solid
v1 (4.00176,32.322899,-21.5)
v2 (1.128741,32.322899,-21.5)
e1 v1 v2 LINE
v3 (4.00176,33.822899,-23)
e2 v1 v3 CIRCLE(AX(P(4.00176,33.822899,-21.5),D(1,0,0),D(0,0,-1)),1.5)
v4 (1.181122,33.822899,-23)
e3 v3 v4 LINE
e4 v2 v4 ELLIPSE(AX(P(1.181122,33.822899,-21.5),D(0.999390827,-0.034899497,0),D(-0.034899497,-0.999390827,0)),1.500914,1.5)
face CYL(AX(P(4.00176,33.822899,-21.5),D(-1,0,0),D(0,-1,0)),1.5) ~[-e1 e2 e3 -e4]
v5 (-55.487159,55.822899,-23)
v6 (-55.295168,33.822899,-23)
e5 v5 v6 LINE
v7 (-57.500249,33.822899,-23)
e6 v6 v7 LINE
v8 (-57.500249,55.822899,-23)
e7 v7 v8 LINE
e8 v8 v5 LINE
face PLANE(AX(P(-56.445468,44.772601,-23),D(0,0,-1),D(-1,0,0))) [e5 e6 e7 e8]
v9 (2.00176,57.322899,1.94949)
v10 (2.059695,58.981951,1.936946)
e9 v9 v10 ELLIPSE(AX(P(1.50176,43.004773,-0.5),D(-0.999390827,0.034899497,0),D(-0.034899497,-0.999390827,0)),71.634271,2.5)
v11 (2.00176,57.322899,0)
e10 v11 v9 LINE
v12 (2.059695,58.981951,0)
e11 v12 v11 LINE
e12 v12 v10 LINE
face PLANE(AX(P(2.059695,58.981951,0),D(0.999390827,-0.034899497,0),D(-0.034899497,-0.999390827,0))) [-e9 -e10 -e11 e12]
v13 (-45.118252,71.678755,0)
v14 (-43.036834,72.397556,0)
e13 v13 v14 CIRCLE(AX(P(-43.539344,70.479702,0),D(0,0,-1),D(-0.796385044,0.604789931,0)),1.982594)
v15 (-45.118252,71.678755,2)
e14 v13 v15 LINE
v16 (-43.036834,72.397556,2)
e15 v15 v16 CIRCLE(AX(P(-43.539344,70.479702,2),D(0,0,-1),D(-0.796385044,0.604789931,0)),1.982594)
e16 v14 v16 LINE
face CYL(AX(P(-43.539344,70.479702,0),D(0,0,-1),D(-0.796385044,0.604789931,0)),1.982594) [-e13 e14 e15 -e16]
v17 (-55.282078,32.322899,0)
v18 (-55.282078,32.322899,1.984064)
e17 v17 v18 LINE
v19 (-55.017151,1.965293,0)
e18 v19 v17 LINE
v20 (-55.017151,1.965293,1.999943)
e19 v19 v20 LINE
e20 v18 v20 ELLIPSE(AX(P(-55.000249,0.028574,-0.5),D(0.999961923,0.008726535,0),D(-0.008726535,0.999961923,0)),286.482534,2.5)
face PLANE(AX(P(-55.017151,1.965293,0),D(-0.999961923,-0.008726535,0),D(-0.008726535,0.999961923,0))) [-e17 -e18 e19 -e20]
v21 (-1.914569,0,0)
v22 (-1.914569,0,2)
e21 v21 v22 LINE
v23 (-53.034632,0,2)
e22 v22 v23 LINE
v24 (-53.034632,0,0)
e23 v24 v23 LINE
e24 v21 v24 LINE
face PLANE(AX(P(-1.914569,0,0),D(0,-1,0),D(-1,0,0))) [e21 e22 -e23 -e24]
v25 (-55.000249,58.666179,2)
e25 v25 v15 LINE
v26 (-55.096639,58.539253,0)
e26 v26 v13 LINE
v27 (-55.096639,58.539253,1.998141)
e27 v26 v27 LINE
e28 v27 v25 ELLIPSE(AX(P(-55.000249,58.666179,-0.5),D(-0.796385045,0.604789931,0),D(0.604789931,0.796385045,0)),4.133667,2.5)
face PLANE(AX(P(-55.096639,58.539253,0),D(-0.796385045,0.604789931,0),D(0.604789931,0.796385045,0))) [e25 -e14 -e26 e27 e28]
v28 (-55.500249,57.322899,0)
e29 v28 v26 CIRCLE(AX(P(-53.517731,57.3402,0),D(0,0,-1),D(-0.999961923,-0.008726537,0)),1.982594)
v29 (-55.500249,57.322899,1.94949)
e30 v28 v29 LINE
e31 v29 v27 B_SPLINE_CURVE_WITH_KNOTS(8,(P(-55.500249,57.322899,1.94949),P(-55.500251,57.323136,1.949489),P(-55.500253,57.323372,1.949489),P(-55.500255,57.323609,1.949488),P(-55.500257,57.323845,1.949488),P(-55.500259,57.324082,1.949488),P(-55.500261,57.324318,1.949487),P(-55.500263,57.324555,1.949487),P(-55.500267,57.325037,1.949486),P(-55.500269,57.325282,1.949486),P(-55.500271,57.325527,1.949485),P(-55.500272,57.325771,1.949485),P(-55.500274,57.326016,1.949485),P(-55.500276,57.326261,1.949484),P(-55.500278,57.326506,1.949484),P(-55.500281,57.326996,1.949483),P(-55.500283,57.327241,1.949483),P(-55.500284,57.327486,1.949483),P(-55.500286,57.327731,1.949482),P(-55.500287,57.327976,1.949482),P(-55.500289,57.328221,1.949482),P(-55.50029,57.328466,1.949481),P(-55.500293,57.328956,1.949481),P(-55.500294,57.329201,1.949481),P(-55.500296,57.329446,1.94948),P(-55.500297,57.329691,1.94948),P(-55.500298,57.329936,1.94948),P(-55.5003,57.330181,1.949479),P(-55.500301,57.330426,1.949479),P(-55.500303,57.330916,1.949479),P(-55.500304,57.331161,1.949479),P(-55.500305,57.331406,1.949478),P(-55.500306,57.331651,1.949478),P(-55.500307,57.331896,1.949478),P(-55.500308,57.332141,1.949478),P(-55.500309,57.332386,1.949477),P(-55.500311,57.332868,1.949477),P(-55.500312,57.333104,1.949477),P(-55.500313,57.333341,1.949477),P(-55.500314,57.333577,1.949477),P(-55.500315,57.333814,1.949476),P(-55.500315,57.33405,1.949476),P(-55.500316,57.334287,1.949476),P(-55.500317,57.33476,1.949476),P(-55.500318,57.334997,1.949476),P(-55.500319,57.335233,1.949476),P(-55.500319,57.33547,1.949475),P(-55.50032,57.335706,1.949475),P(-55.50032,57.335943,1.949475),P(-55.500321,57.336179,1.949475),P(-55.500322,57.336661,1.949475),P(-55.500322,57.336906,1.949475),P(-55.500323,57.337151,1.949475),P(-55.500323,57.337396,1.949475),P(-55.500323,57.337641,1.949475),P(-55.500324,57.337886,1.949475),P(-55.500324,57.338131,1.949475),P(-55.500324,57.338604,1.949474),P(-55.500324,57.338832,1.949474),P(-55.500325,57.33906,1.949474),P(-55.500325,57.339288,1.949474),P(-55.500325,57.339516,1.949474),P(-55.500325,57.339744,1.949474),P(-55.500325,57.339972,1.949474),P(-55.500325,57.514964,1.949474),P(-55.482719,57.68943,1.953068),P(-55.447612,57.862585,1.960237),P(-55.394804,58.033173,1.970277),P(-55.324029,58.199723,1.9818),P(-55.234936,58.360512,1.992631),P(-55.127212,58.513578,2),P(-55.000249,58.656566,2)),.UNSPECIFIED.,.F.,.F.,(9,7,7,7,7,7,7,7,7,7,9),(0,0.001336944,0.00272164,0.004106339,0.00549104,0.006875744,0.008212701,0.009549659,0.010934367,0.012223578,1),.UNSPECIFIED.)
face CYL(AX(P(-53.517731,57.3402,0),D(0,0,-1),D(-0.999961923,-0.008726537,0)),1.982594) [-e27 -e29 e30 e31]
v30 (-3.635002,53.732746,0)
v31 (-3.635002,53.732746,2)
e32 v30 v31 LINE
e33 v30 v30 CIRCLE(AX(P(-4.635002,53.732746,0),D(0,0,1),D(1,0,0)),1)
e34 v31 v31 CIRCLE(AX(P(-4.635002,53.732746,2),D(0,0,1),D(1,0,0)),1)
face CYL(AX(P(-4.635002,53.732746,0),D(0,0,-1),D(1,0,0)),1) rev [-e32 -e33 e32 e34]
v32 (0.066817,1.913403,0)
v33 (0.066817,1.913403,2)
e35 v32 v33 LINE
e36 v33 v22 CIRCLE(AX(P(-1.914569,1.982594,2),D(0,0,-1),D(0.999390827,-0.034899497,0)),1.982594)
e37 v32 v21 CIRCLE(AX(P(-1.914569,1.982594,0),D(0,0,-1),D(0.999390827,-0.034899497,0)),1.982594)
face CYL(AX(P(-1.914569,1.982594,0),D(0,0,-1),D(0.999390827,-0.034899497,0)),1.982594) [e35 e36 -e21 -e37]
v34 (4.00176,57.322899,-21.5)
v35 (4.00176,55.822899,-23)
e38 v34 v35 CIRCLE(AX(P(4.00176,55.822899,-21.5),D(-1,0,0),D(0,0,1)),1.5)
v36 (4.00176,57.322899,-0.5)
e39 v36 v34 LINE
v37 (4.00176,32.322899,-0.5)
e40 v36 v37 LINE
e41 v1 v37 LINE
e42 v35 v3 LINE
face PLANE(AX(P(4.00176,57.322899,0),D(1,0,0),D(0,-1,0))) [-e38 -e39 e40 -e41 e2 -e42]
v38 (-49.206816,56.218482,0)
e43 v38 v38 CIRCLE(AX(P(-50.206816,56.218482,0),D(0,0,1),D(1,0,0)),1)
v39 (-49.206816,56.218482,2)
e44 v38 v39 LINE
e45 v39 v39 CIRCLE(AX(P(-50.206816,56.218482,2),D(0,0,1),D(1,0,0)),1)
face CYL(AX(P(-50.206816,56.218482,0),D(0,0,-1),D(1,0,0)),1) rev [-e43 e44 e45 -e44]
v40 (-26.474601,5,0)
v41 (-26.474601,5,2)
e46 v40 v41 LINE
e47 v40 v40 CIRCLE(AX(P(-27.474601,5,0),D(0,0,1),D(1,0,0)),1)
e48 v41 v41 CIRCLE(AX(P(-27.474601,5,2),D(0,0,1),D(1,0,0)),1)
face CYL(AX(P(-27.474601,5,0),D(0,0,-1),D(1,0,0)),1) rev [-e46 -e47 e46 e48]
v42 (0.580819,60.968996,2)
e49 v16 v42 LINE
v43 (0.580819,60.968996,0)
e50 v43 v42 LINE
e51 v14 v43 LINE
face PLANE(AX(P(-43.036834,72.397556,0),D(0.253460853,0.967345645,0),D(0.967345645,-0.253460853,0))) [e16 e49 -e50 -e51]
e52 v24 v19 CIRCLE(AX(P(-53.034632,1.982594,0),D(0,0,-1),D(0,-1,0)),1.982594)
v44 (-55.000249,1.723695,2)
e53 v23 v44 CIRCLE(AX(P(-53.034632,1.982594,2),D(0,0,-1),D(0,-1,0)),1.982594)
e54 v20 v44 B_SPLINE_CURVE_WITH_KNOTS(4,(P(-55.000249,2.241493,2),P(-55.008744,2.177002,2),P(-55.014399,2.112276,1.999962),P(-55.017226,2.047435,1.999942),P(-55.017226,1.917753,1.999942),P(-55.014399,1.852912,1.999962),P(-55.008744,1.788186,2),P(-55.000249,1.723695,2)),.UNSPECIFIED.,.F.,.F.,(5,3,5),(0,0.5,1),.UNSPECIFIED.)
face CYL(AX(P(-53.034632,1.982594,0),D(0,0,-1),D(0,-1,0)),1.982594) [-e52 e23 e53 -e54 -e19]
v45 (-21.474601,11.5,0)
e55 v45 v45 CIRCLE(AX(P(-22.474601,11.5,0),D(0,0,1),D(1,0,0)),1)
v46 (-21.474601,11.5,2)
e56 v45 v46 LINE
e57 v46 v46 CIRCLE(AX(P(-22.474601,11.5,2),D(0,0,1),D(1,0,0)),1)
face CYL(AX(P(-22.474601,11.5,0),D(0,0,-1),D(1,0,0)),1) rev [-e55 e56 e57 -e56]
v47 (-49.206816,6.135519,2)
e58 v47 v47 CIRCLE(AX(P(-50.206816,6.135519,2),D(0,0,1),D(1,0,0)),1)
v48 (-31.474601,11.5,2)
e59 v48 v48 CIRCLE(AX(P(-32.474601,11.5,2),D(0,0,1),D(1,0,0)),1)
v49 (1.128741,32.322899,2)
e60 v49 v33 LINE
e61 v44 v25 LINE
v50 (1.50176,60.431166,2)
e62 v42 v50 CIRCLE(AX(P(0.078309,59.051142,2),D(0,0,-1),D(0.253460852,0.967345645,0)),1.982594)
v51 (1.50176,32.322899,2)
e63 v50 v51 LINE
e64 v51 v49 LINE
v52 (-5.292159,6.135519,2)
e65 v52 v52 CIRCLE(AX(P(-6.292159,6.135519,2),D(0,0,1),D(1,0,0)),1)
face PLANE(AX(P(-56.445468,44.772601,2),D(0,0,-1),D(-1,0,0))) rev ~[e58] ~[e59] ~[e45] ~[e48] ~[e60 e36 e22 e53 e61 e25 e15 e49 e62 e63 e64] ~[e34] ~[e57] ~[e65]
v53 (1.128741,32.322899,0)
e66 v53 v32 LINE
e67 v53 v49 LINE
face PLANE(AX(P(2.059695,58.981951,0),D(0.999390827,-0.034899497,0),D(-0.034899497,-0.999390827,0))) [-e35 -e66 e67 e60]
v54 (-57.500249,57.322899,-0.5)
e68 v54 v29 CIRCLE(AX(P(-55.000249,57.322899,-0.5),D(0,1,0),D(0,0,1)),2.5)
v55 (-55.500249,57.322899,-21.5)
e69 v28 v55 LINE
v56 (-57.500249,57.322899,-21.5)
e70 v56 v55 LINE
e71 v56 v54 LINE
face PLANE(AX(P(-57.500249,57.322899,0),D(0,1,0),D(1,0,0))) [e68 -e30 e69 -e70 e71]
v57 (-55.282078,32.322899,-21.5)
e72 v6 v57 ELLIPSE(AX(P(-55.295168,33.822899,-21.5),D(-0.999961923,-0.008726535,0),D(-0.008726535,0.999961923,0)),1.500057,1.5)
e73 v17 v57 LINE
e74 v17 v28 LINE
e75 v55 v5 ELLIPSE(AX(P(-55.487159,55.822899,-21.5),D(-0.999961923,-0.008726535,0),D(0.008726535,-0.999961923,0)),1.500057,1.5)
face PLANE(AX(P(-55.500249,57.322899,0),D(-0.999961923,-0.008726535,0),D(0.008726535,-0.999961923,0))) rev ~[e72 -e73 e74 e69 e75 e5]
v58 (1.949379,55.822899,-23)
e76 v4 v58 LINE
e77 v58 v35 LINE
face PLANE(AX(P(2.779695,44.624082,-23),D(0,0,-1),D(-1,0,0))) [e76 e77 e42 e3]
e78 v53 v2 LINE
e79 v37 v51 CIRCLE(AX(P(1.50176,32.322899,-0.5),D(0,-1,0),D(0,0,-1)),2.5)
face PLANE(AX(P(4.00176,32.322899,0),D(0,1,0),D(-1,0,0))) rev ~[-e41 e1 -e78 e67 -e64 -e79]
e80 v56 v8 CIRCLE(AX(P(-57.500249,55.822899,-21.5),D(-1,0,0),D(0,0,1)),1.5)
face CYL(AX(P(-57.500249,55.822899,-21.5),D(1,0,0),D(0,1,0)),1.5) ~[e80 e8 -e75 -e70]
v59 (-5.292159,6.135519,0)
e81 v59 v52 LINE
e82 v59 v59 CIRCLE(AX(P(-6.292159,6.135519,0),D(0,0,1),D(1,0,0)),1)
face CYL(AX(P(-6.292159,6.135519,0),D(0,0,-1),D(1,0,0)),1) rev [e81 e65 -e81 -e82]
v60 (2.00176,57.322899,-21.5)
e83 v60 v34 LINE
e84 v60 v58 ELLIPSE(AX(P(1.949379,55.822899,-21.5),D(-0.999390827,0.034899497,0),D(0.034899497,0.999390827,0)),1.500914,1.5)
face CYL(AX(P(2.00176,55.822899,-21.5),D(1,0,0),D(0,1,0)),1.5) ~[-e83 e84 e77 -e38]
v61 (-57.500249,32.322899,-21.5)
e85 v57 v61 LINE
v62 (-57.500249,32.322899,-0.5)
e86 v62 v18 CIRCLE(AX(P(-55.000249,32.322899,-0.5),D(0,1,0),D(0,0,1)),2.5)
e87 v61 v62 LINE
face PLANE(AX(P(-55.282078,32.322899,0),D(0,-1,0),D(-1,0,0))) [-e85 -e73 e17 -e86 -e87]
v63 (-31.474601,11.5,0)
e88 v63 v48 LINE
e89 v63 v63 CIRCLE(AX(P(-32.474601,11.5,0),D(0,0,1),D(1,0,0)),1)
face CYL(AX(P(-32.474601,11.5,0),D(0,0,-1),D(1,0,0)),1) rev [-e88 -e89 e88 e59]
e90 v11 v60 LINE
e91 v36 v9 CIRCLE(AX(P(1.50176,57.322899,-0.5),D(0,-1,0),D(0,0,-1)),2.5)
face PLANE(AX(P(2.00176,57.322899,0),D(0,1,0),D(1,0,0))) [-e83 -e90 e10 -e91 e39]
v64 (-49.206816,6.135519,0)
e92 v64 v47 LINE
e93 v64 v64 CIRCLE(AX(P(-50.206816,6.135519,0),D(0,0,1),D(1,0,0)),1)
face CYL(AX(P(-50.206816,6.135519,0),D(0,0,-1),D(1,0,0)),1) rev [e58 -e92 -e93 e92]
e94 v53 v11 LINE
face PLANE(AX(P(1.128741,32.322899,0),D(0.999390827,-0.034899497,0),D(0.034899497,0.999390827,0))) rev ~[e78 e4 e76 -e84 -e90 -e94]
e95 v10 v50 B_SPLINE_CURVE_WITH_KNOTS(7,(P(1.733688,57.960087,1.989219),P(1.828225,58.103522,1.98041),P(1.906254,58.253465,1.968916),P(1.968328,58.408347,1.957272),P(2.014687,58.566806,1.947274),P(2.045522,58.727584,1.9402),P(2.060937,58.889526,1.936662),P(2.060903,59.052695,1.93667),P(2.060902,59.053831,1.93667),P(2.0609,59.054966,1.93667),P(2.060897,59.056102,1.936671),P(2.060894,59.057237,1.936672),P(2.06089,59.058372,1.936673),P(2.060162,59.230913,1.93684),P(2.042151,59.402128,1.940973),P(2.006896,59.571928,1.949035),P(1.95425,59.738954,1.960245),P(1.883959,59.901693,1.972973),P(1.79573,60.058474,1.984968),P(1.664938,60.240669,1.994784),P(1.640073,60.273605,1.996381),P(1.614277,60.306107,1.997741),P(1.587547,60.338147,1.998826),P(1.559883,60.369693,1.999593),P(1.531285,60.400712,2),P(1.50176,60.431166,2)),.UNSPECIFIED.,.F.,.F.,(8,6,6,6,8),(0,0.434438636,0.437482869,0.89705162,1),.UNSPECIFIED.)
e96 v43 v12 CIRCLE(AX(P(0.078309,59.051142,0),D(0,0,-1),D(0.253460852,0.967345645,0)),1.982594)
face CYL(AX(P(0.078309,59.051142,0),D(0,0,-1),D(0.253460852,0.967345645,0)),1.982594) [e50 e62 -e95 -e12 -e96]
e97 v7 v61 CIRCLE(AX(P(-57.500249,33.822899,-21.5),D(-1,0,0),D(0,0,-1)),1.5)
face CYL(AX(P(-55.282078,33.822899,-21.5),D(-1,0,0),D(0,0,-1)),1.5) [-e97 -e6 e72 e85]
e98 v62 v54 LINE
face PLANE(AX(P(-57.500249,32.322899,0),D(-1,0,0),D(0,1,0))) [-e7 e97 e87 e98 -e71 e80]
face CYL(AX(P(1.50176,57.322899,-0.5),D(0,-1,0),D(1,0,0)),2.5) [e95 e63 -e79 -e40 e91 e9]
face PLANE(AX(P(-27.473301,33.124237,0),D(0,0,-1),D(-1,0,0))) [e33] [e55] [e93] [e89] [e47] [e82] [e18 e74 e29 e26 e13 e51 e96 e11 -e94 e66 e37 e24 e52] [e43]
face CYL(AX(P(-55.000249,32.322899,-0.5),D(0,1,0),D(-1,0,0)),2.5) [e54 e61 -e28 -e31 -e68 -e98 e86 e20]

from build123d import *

# Parameters (mm, degrees)
SKETCH1_R             = 1
BOSS_EXTRUDE1_DEPTH   = 2
BOSS_EXTRUDE2_DEPTH   = 23
BOSS_EXTRUDE2_2_DEPTH = 23
BOSS_EXTRUDE3_DEPTH   = 2
FILLET1_R             = 2.5
FILLET2_R             = 1.5


with BuildPart() as part:
    # Sketch1 → Boss-Extrude1 (new body)
    with BuildSketch(Plane.XY):
        with BuildLine():
            Line((-1.914568893, 0), (-53.034632217, 0))
            ThreePointArc((-53.034632217, 0), (-54.430407674, 0.574584772), (-55.017150852, 1.965292948))
            Line((-55.017150852, 1.965292948), (-55.500249363, 57.322899279))
            ThreePointArc((-55.500249363, 57.322899279), (-55.399437354, 57.964587872), (-55.09663904, 58.539253421))
            Line((-55.09663904, 58.539253421), (-45.118252169, 71.678754712))
            ThreePointArc((-45.118252169, 71.678754712), (-44.186512298, 72.353695471), (-43.03683386, 72.39755554))
            Line((-43.03683386, 72.39755554), (0.580818713, 60.968995882))
            ThreePointArc((0.580818713, 60.968995882), (1.66875601, 60.234846813), (2.059695099, 58.981950551))
            Line((2.059695099, 58.981950551), (0.066817491, 1.913402589))
            ThreePointArc((0.066817491, 1.913402589), (-0.537343288, 0.556435263), (-1.914568893, 0))
        make_face()
        with Locations((-27.474600555, 5)):
            Circle(SKETCH1_R, mode=Mode.SUBTRACT)
        with Locations((-22.474600555, 11.5)):
            Circle(SKETCH1_R, mode=Mode.SUBTRACT)
        with Locations((-32.474600555, 11.5)):
            Circle(SKETCH1_R, mode=Mode.SUBTRACT)
        with Locations((-6.292158567, 6.135518638)):
            Circle(SKETCH1_R, mode=Mode.SUBTRACT)
        with Locations((-50.206815558, 6.135518638)):
            Circle(SKETCH1_R, mode=Mode.SUBTRACT)
        with Locations((-50.206815558, 56.218481747)):
            Circle(SKETCH1_R, mode=Mode.SUBTRACT)
        with Locations((-4.635001699, 53.732746446)):
            Circle(SKETCH1_R, mode=Mode.SUBTRACT)
    extrude(amount=BOSS_EXTRUDE1_DEPTH)



with BuildPart() as body_2:
    # Sketch2 → Boss-Extrude2 (new body)
    with BuildSketch(Plane(origin=(0, 0, 0), x_dir=(-1, 0, 0), z_dir=(0, 0, -1))):
        Polygon((-4.001759752, 32.322899279), (-1.128740515, 32.322899279), (-2.001759752, 57.322899279), (-4.001759752, 57.322899279), align=None)
    extrude(amount=BOSS_EXTRUDE2_DEPTH)


with BuildPart() as body_3:
    # Sketch2 → Boss-Extrude2 2 (new body)
    with BuildSketch(Plane(origin=(0, 0, 0), x_dir=(-1, 0, 0), z_dir=(0, 0, -1))):
        Polygon((57.500249363, 57.322899279), (55.500249363, 57.322899279), (55.282077669, 32.322899279), (57.500249363, 32.322899279), align=None)
    extrude(amount=BOSS_EXTRUDE2_2_DEPTH)


with BuildPart() as part_1:
    add(part.part)

    add(body_2.part)  # Boss-Extrude3 merges body 2

    add(body_3.part)  # Boss-Extrude3 merges body 3
    # Sketch3 → Boss-Extrude3 (add)
    with BuildSketch(Plane.XY):
        Polygon((-57.500249363, 57.322899279), (-55.500249363, 57.322899279), (-55.282077669, 32.322899279), (-57.500249363, 32.322899279), align=None)
        Polygon((2.001759752, 57.322899279), (4.001759752, 57.322899279), (4.001759752, 32.322899279), (1.128740515, 32.322899279), align=None)
    extrude(amount=BOSS_EXTRUDE3_DEPTH)

    # Fillet1
    fillet1_edges = [part_1.edges().sort_by_distance(p)[0] for p in [
        (4.001759752, 44.822899279, 2),
        (-57.500249363, 44.822899279, 2),
    ]]
    fillet(fillet1_edges, radius=FILLET1_R)

    # Fillet2
    fillet2_edges = [part_1.edges().sort_by_distance(p)[0] for p in [
        (3.001759752, 57.322899279, -23),
        (2.565250134, 32.322899279, -23),
        (-56.500249363, 57.322899279, -23),
        (-56.391163516, 32.322899279, -23),
    ]]
    fillet(fillet2_edges, radius=FILLET2_R)


solid = part_1.part
